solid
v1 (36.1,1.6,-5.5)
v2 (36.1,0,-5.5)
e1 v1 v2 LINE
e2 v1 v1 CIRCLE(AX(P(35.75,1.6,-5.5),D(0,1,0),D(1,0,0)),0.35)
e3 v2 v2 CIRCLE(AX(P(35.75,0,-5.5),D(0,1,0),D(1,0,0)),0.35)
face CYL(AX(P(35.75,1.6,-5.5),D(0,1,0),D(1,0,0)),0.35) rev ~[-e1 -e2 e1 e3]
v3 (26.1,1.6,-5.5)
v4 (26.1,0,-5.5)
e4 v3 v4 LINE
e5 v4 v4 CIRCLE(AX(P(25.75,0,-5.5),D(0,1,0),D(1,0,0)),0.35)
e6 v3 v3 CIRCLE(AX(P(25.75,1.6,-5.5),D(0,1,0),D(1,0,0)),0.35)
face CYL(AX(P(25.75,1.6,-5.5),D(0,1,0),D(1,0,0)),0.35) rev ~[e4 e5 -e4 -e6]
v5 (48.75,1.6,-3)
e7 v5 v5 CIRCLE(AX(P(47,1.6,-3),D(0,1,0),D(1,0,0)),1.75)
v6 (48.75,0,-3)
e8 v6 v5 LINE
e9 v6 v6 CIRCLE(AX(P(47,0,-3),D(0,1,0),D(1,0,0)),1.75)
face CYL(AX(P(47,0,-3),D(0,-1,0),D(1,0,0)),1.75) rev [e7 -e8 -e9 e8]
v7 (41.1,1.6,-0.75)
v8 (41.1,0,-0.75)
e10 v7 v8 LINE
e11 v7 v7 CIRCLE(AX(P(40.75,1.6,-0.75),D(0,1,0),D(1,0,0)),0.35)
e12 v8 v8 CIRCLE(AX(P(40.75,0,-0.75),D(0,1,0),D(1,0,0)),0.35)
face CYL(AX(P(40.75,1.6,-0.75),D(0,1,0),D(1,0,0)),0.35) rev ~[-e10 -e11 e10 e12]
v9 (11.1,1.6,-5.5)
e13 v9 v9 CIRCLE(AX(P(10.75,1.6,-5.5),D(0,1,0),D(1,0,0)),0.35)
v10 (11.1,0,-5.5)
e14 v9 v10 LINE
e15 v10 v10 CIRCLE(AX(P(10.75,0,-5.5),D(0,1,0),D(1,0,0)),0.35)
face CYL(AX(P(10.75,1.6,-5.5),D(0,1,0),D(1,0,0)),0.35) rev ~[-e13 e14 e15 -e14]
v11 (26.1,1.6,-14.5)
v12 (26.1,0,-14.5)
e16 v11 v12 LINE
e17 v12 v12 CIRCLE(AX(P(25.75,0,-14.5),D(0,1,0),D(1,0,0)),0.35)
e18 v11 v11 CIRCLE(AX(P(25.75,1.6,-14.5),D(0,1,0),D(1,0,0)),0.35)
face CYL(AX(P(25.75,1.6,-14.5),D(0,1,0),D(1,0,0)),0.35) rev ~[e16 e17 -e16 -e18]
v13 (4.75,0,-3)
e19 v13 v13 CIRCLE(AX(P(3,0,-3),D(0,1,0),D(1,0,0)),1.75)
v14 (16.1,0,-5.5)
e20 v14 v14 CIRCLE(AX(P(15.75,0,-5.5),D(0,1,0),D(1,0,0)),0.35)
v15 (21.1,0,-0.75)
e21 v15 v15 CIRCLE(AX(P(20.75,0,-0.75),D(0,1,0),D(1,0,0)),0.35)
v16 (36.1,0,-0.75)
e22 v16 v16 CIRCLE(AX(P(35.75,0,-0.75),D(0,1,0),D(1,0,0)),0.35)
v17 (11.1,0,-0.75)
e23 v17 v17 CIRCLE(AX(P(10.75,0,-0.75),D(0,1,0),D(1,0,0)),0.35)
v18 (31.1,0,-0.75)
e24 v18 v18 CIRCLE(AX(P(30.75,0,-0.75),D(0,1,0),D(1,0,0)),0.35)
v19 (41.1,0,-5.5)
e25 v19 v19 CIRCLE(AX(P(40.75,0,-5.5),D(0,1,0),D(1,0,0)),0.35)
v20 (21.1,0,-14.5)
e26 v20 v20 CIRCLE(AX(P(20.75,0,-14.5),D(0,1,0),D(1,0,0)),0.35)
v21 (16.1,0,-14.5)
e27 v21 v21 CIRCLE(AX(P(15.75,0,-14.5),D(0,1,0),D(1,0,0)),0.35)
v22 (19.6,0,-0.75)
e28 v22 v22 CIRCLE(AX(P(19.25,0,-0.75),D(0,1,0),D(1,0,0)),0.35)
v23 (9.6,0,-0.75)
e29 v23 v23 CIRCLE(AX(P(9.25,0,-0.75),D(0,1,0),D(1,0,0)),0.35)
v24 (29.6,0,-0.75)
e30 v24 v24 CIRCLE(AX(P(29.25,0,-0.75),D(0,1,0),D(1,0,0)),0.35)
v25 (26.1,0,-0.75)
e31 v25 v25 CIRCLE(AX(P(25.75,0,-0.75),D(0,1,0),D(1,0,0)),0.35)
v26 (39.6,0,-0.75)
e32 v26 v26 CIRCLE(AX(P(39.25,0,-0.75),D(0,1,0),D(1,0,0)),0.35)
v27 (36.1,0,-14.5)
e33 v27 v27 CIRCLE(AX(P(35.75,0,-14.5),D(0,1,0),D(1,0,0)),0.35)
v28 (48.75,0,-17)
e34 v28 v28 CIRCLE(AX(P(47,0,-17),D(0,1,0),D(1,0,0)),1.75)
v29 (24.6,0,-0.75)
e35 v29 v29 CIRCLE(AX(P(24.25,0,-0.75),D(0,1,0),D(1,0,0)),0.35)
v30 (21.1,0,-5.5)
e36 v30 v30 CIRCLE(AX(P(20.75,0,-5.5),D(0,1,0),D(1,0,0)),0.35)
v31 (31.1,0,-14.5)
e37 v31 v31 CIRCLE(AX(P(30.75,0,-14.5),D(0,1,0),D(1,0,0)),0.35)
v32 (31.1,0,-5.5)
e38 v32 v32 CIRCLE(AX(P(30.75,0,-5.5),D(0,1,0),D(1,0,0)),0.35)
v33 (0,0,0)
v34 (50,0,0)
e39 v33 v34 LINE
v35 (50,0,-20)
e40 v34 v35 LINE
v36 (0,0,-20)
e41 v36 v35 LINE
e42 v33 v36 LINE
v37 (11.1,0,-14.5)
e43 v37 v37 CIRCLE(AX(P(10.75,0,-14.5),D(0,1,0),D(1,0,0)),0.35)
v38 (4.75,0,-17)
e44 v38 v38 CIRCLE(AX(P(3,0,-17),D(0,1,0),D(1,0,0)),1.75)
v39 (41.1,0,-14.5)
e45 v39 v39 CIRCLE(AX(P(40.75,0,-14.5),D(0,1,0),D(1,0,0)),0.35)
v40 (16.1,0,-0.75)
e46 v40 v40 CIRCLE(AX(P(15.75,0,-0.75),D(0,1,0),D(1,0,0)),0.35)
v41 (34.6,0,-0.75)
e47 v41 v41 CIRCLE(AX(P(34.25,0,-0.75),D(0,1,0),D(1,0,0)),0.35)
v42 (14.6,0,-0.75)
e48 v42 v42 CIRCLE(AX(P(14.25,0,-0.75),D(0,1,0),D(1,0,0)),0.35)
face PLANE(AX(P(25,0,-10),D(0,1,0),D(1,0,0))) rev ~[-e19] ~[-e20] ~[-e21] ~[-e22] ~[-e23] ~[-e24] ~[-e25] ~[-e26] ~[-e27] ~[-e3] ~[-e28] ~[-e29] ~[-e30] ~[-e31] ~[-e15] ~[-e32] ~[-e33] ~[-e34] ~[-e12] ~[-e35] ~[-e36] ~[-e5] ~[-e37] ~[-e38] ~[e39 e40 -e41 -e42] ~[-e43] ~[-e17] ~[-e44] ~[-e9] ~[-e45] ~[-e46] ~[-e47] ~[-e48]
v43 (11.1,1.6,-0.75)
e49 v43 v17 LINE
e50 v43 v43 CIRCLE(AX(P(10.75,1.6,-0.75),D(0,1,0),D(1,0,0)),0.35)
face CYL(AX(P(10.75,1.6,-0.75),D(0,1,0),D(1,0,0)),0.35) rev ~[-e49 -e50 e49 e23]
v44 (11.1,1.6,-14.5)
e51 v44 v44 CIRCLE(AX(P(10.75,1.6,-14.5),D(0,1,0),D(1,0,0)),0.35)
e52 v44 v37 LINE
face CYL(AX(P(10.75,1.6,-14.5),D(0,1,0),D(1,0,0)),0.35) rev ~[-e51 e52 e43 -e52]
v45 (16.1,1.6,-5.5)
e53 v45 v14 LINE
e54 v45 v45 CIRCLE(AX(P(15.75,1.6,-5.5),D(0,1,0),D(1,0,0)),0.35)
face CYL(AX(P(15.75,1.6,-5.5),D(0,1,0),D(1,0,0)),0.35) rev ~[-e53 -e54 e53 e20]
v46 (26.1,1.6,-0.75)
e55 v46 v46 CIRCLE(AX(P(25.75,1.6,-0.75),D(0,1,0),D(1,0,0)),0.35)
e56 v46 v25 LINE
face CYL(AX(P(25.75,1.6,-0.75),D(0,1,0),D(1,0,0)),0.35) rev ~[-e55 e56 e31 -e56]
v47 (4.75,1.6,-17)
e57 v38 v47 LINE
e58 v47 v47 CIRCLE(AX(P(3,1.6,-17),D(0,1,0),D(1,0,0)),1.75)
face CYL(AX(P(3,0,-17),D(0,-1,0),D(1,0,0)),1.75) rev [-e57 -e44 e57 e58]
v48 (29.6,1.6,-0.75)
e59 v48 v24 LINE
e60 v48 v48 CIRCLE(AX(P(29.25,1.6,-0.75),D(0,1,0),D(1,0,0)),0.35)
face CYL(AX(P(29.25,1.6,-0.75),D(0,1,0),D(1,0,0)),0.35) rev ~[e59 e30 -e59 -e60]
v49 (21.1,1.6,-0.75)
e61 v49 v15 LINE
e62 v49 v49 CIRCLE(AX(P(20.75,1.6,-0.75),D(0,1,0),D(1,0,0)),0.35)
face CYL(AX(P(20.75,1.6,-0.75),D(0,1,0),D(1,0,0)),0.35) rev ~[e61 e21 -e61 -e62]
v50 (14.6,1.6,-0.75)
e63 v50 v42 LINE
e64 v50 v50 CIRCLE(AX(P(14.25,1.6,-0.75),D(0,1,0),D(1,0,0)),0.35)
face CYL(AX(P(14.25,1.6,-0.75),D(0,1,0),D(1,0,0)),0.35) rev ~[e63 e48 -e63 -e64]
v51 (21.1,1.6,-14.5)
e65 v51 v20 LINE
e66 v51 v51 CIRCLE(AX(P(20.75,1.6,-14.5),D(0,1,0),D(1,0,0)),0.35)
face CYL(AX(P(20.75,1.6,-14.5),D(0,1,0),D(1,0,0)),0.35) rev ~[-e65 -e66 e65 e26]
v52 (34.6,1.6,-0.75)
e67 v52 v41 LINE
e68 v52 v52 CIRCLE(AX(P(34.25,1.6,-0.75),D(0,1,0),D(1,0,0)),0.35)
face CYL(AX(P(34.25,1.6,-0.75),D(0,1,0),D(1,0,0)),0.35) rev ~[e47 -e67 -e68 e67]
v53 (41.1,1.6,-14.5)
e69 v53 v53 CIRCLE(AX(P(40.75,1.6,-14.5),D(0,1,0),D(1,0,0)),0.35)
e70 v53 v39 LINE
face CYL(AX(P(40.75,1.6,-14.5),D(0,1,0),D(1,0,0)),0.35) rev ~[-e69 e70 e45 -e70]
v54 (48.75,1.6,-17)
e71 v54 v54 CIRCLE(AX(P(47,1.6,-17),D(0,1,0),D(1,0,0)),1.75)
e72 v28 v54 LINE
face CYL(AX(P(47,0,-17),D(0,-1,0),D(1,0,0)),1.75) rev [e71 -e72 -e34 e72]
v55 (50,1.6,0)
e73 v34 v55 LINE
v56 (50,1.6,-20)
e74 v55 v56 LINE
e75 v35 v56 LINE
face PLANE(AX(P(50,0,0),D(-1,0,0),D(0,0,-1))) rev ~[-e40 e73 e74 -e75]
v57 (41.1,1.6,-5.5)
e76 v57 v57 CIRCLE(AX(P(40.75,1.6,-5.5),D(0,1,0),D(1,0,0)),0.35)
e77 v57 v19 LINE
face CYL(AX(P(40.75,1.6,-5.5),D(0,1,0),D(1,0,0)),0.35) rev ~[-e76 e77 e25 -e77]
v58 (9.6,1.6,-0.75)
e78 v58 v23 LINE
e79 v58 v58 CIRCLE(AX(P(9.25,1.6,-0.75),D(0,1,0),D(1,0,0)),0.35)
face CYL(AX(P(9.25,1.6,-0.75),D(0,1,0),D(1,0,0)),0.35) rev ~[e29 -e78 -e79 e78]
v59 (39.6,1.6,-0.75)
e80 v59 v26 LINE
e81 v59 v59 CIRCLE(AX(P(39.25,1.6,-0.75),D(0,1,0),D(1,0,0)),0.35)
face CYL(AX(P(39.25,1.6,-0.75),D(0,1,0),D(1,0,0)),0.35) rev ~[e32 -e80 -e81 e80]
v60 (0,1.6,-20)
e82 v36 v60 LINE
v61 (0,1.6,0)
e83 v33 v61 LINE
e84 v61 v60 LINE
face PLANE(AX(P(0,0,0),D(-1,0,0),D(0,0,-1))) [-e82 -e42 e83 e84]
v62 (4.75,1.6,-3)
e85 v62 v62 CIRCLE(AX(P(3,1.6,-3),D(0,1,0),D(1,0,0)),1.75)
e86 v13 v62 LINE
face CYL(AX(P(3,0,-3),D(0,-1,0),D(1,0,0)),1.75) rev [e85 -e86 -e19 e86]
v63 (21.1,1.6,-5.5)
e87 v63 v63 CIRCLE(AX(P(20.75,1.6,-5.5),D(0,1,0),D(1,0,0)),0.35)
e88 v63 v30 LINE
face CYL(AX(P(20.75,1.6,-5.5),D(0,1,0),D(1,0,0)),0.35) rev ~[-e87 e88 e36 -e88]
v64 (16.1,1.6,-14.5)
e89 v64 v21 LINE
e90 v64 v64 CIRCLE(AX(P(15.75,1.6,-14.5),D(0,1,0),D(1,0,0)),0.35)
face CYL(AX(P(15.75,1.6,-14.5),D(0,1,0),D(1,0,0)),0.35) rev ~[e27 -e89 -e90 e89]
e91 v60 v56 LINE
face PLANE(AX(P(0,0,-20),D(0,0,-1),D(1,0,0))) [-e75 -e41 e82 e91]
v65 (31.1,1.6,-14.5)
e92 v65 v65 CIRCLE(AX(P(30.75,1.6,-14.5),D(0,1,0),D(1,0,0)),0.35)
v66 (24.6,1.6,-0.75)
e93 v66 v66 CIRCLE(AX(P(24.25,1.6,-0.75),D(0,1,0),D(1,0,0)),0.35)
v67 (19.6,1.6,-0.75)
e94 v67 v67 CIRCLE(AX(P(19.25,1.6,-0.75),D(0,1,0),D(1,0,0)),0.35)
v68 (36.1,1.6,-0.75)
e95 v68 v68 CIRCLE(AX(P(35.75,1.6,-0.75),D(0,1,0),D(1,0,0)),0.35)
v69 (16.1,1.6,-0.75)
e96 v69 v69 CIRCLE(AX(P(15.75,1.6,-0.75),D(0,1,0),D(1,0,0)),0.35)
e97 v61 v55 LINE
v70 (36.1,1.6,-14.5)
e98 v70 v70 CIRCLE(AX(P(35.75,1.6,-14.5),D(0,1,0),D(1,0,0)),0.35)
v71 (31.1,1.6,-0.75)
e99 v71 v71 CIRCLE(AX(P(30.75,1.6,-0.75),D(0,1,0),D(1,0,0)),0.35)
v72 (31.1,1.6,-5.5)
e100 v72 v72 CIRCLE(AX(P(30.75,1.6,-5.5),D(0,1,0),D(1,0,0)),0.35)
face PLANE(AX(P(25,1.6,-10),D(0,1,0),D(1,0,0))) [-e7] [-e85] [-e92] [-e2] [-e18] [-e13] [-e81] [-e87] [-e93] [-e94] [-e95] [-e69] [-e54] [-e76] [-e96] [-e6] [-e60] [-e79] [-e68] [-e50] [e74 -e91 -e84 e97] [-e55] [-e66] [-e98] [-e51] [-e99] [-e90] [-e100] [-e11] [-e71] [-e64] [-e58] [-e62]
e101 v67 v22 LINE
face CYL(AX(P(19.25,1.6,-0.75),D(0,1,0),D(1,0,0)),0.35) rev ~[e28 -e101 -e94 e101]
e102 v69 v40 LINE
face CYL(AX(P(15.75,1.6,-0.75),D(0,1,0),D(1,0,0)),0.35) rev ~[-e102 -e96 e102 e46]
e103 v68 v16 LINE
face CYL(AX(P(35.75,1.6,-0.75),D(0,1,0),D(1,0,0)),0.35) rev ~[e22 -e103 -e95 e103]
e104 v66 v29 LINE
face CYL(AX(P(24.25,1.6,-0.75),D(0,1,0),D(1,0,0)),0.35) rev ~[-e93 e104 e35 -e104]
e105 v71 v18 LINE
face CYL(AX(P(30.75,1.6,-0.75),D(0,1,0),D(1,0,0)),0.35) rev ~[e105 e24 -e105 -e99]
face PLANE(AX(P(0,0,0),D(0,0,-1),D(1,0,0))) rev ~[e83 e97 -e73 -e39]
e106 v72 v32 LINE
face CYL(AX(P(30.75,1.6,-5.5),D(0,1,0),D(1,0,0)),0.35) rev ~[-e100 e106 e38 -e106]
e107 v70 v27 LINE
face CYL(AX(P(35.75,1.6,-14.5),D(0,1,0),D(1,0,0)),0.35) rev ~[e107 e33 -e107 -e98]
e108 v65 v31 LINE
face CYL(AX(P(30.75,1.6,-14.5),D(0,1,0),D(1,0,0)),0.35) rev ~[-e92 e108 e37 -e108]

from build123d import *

# Parameters (mm, degrees)
SKETCH1_W           = 50
SKETCH1_H           = 20
SKETCH1_R           = 1.75
BOSS_EXTRUDE1_DEPTH = 1.6
SKETCH3_R           = 0.35
CUT_EXTRUDE1_DEPTH  = 2.6


with BuildPart() as part:
    # Sketch1 → Boss-Extrude1 (new body)
    with BuildSketch(Plane(origin=(0, 0, 0), x_dir=(1, 0, 0), z_dir=(0, 1, 0))):
        with Locations((25, 10)):
            Rectangle(SKETCH1_W, SKETCH1_H)
        with Locations((3, 17)):
            Circle(SKETCH1_R, mode=Mode.SUBTRACT)
        with Locations((47, 3)):
            Circle(SKETCH1_R, mode=Mode.SUBTRACT)
        with Locations((3, 3)):
            Circle(SKETCH1_R, mode=Mode.SUBTRACT)
        with Locations((47, 17)):
            Circle(SKETCH1_R, mode=Mode.SUBTRACT)
    extrude(amount=BOSS_EXTRUDE1_DEPTH)

    # Sketch3 → Cut-Extrude1 (cut, through all)
    with BuildSketch(Plane(origin=(0, 1.6, 0), x_dir=(1, 0, 0), z_dir=(0, 1, 0))):
        with Locations((9.25, 0.75)):
            Circle(SKETCH3_R)
        with Locations((10.75, 0.75)):
            Circle(SKETCH3_R)
        with Locations((10.75, 5.5)):
            Circle(SKETCH3_R)
        with Locations((10.75, 14.5)):
            Circle(SKETCH3_R)
        with Locations((15.75, 5.5)):
            Circle(SKETCH3_R)
        with Locations((15.75, 14.5)):
            Circle(SKETCH3_R)
        with Locations((15.75, 0.75)):
            Circle(SKETCH3_R)
        with Locations((14.25, 0.75)):
            Circle(SKETCH3_R)
        with Locations((20.75, 5.5)):
            Circle(SKETCH3_R)
        with Locations((20.75, 14.5)):
            Circle(SKETCH3_R)
        with Locations((20.75, 0.75)):
            Circle(SKETCH3_R)
        with Locations((19.25, 0.75)):
            Circle(SKETCH3_R)
        with Locations((25.75, 5.5)):
            Circle(SKETCH3_R)
        with Locations((25.75, 14.5)):
            Circle(SKETCH3_R)
        with Locations((25.75, 0.75)):
            Circle(SKETCH3_R)
        with Locations((24.25, 0.75)):
            Circle(SKETCH3_R)
        with Locations((30.75, 5.5)):
            Circle(SKETCH3_R)
        with Locations((30.75, 14.5)):
            Circle(SKETCH3_R)
        with Locations((30.75, 0.75)):
            Circle(SKETCH3_R)
        with Locations((29.25, 0.75)):
            Circle(SKETCH3_R)
        with Locations((35.75, 5.5)):
            Circle(SKETCH3_R)
        with Locations((35.75, 14.5)):
            Circle(SKETCH3_R)
        with Locations((35.75, 0.75)):
            Circle(SKETCH3_R)
        with Locations((34.25, 0.75)):
            Circle(SKETCH3_R)
        with Locations((40.75, 5.5)):
            Circle(SKETCH3_R)
        with Locations((40.75, 14.5)):
            Circle(SKETCH3_R)
        with Locations((40.75, 0.75)):
            Circle(SKETCH3_R)
        with Locations((39.25, 0.75)):
            Circle(SKETCH3_R)
    extrude(amount=-CUT_EXTRUDE1_DEPTH, mode=Mode.SUBTRACT)


solid = part.part
